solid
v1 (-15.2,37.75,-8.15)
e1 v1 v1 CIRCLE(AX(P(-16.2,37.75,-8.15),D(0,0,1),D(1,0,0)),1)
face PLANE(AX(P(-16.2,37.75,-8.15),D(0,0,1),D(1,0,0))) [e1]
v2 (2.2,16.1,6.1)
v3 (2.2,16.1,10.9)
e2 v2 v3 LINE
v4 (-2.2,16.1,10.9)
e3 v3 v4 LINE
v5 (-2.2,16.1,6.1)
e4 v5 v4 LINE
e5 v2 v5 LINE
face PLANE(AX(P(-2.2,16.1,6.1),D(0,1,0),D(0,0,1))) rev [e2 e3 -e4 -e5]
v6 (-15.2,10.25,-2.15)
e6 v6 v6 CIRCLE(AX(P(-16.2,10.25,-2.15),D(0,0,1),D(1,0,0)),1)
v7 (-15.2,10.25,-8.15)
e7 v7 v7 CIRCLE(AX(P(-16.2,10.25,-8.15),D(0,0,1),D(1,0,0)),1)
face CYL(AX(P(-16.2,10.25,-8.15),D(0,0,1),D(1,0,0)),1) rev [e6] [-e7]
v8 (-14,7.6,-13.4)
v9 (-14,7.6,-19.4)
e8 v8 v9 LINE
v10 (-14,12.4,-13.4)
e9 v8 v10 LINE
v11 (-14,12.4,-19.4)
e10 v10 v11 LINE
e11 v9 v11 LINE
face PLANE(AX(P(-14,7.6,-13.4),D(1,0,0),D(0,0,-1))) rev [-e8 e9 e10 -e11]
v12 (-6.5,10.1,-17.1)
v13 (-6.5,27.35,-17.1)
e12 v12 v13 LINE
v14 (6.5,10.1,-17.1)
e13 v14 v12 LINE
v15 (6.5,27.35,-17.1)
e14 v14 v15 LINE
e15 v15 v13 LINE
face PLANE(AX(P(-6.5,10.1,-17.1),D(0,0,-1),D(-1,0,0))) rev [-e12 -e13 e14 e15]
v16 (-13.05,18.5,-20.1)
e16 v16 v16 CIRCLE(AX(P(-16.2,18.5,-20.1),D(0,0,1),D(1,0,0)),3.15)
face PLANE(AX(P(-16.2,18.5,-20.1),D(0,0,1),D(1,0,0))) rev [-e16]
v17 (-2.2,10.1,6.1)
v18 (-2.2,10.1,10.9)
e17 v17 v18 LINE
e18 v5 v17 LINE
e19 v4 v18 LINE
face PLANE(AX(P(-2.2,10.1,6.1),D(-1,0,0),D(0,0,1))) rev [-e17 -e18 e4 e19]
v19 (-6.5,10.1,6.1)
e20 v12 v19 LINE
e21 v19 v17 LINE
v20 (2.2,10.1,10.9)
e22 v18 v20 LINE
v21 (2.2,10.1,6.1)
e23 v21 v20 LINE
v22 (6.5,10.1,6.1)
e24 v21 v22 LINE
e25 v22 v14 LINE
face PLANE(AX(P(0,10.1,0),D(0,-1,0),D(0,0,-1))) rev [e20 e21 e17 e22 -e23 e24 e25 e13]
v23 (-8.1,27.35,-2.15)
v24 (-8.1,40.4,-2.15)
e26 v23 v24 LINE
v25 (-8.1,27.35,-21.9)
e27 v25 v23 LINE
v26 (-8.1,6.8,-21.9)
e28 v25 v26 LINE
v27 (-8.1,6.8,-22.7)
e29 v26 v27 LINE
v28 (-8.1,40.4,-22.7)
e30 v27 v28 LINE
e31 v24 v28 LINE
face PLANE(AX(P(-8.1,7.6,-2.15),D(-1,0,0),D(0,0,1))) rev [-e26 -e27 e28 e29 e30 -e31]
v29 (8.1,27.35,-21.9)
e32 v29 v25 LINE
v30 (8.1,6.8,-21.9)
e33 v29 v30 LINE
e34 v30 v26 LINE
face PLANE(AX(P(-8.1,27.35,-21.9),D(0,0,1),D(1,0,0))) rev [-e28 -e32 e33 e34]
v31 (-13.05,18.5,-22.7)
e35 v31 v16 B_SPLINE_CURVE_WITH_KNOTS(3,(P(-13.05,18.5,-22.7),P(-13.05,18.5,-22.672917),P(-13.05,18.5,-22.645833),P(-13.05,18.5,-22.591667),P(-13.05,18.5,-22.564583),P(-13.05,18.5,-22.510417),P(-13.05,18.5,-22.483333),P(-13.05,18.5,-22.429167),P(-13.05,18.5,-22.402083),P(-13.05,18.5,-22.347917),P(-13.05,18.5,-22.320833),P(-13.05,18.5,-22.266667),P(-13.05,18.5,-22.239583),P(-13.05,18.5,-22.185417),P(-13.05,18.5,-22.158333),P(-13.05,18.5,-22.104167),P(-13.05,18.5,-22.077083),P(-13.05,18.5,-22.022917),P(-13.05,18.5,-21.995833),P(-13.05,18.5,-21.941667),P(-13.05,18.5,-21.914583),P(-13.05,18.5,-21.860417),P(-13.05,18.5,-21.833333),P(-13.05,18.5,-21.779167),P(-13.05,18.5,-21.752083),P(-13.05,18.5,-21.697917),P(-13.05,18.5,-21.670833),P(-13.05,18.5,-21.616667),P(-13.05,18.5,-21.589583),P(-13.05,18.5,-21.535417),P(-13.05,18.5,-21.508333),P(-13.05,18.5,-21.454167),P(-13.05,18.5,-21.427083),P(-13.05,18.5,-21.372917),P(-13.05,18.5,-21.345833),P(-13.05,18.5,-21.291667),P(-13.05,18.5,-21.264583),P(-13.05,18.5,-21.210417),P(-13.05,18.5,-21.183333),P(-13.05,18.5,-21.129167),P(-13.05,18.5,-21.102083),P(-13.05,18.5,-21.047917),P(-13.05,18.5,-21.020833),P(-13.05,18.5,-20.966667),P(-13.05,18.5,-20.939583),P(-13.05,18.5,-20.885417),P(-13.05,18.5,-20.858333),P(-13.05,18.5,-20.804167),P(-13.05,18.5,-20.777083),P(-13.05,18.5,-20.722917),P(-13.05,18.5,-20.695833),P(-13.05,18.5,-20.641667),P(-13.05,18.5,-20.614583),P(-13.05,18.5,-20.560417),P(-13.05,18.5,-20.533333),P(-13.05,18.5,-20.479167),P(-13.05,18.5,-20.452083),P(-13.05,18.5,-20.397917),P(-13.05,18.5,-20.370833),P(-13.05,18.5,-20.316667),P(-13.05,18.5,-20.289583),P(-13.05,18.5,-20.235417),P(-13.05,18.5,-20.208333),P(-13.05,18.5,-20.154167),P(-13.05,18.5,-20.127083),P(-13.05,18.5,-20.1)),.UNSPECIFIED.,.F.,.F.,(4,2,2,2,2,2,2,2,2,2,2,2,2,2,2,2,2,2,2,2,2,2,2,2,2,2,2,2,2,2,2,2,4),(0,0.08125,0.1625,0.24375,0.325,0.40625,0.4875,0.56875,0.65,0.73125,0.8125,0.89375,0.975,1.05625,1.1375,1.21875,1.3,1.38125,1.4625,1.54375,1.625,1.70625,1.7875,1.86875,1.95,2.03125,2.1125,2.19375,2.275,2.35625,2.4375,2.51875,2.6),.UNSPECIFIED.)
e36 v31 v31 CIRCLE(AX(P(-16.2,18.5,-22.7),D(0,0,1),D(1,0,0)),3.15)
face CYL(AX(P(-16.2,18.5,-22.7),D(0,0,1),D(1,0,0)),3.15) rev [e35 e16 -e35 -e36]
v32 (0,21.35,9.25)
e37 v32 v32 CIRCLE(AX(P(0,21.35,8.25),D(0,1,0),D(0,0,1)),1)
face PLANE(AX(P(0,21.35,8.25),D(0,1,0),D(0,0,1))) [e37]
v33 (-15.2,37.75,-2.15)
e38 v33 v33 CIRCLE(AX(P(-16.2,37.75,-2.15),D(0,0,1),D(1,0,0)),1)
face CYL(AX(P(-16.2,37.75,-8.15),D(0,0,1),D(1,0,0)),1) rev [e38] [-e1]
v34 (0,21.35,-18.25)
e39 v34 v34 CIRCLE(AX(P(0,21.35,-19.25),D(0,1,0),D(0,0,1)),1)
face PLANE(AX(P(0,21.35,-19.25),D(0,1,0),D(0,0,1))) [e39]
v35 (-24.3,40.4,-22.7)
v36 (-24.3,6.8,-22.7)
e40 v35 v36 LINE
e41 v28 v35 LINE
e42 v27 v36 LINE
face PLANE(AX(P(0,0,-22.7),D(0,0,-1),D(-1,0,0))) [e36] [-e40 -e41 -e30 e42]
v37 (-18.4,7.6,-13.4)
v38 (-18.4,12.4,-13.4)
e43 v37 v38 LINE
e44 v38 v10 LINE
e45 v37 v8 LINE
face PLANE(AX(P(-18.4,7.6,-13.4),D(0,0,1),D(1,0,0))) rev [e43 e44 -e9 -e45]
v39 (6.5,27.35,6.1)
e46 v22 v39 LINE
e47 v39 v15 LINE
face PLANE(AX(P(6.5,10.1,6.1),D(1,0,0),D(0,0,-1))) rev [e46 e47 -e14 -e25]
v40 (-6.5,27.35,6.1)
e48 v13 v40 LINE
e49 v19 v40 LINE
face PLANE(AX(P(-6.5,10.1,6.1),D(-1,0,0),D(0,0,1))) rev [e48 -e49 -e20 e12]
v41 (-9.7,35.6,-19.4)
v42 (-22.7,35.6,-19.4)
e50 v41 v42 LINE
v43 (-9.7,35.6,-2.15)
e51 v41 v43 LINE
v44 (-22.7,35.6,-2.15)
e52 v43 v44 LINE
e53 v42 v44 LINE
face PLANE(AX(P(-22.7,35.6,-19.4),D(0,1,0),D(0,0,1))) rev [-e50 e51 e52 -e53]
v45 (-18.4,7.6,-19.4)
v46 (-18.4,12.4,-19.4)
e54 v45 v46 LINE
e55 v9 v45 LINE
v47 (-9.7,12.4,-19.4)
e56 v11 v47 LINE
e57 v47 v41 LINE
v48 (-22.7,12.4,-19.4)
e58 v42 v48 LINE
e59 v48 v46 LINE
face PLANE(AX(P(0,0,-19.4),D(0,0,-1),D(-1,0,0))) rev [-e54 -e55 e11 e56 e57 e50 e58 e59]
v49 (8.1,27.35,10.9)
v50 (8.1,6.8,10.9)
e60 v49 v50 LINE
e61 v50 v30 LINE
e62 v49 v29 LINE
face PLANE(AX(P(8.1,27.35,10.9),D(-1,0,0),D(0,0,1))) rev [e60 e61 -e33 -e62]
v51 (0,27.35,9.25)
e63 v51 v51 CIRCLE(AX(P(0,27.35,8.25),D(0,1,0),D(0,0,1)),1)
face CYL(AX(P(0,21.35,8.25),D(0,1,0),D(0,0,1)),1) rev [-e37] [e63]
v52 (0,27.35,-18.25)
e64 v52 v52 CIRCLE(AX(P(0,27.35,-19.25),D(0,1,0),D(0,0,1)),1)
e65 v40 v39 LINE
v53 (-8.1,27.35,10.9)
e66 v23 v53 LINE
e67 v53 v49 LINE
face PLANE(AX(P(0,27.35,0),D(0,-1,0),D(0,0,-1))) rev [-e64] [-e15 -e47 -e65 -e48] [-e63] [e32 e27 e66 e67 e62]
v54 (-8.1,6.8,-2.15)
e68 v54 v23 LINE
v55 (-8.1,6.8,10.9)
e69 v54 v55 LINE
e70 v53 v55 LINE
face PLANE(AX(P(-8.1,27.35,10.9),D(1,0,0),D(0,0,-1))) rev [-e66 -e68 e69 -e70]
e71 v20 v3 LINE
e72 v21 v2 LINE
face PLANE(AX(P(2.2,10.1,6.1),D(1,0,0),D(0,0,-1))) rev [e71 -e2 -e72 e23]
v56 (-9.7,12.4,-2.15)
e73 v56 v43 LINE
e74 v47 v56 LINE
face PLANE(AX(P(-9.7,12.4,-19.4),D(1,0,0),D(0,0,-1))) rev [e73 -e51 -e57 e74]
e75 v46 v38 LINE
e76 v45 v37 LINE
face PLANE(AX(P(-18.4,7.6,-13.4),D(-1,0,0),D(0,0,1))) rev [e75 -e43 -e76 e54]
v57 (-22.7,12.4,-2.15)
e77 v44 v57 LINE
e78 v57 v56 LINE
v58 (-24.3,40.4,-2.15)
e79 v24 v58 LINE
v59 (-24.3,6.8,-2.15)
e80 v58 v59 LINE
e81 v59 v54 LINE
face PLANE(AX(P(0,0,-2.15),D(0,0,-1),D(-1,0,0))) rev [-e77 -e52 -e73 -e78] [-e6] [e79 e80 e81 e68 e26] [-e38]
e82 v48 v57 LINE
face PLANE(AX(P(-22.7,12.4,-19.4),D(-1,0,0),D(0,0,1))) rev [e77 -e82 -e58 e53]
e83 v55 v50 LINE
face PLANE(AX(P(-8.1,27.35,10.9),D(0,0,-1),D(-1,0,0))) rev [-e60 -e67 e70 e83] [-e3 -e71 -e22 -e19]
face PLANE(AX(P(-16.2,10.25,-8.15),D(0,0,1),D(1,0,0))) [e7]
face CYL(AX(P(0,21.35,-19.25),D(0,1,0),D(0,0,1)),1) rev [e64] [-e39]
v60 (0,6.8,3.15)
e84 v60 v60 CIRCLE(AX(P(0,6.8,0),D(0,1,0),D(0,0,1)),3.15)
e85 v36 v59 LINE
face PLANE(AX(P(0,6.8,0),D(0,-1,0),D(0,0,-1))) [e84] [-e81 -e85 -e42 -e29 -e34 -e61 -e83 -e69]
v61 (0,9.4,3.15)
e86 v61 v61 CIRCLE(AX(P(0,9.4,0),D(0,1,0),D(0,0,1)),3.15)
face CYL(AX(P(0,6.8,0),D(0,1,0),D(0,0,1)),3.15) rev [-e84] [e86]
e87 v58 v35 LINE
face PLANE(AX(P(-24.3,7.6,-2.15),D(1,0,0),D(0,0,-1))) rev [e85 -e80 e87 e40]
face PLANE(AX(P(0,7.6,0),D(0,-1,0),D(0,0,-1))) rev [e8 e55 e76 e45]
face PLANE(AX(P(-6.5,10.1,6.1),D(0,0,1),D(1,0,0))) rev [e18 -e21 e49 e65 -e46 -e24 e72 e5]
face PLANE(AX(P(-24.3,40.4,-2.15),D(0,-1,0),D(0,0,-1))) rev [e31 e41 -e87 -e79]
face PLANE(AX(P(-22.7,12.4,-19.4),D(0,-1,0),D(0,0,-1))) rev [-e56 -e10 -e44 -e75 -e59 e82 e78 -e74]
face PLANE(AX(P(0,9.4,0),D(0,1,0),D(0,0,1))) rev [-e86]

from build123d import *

# Parameters (mm, degrees)
BOSS_EXTRUDE1_START = 17.075
SKETCH1_W           = 16.2
SKETCH1_H           = 32.8
BOSS_EXTRUDE1_DEPTH = 10.275
BOSS_EXTRUDE2_START = -12.425
SKETCH2_W           = 16.2
SKETCH2_H           = 32.8
BOSS_EXTRUDE2_DEPTH = 10.275
BOSS_EXTRUDE3_START = 7.3
SKETCH3_W           = 16.2
SKETCH3_H           = 20.55
BOSS_EXTRUDE3_DEPTH = 0.5
CUT_EXTRUDE1_START  = 18.725
SKETCH4_W           = 13
SKETCH4_H           = 23.2
CUT_EXTRUDE1_DEPTH  = 8.625
CUT_EXTRUDE2_START  = 24.35
SKETCH5_R           = 1
CUT_EXTRUDE2_DEPTH  = 3
CUT_EXTRUDE3_START  = 24.35
SKETCH6_R           = 1
CUT_EXTRUDE3_DEPTH  = 3
CUT_EXTRUDE4_START  = 8.1
SKETCH7_R           = 3.15
CUT_EXTRUDE4_DEPTH  = 1.3
CUT_EXTRUDE5_START  = 8.5
SKETCH8_W           = 4.4
SKETCH8_H           = 6
CUT_EXTRUDE5_DEPTH  = 2.4
CUT_EXTRUDE6_START  = -10.775
SKETCH9_W           = 13
SKETCH9_H           = 23.2
CUT_EXTRUDE6_DEPTH  = 8.625
CUT_EXTRUDE7_START  = -5.15
SKETCH10_R          = 1
CUT_EXTRUDE7_DEPTH  = 3
CUT_EXTRUDE8_START  = -5.15
SKETCH11_R          = 1
CUT_EXTRUDE8_DEPTH  = 3
CUT_EXTRUDE9_START  = -21.4
SKETCH12_R          = 3.15
CUT_EXTRUDE9_DEPTH  = 1.3
CUT_EXTRUDE10_START = 10
SKETCH13_W          = 4.4
SKETCH13_H          = 6
CUT_EXTRUDE10_DEPTH = 2.4


with BuildPart() as part:
    # Sketch1 → Boss-Extrude1 (new, symmetric)
    with BuildSketch(Plane(origin=(0, 0, 0), x_dir=(1, 0, 0), z_dir=(0, 1, 0)).offset(BOSS_EXTRUDE1_START)):
        with Locations((0, 5.5)):
            Rectangle(SKETCH1_W, SKETCH1_H)
    extrude(amount=BOSS_EXTRUDE1_DEPTH, both=True)

    # Sketch2 → Boss-Extrude2 (add, symmetric)
    with BuildSketch(Plane.XY.offset(BOSS_EXTRUDE2_START)):
        with Locations((-16.2, 24)):
            Rectangle(SKETCH2_W, SKETCH2_H)
    extrude(amount=BOSS_EXTRUDE2_DEPTH, both=True)

    # Sketch3 → Boss-Extrude3 (add, symmetric)
    with BuildSketch(Plane(origin=(0, 0, 0), x_dir=(1, 0, 0), z_dir=(0, 1, 0)).offset(BOSS_EXTRUDE3_START)):
        with Locations((-16.2, 12.425)):
            Rectangle(SKETCH3_W, SKETCH3_H)
    extrude(amount=BOSS_EXTRUDE3_DEPTH, both=True)

    # Sketch4 → Cut-Extrude1 (cut, symmetric)
    with BuildSketch(Plane(origin=(0, 0, 0), x_dir=(1, 0, 0), z_dir=(0, 1, 0)).offset(CUT_EXTRUDE1_START)):
        with Locations((0, 5.5)):
            Rectangle(SKETCH4_W, SKETCH4_H)
    extrude(amount=CUT_EXTRUDE1_DEPTH, both=True, mode=Mode.SUBTRACT)

    # Sketch5 → Cut-Extrude2 (cut, symmetric)
    with BuildSketch(Plane(origin=(0, 0, 0), x_dir=(1, 0, 0), z_dir=(0, 1, 0)).offset(CUT_EXTRUDE2_START)):
        with Locations(Location((0, 19.25, 0), (0, 0, 270))):
            Circle(SKETCH5_R)
    extrude(amount=CUT_EXTRUDE2_DEPTH, both=True, mode=Mode.SUBTRACT)

    # Sketch6 → Cut-Extrude3 (cut, symmetric)
    with BuildSketch(Plane(origin=(0, 0, 0), x_dir=(1, 0, 0), z_dir=(0, 1, 0)).offset(CUT_EXTRUDE3_START)):
        with Locations(Location((0, -8.25, 0), (0, 0, 270))):
            Circle(SKETCH6_R)
    extrude(amount=CUT_EXTRUDE3_DEPTH, both=True, mode=Mode.SUBTRACT)

    # Sketch7 → Cut-Extrude4 (cut, symmetric)
    with BuildSketch(Plane(origin=(0, 0, 0), x_dir=(1, 0, 0), z_dir=(0, 1, 0)).offset(CUT_EXTRUDE4_START)):
        with Locations(Location((0, 0, 0), (0, 0, 270))):
            Circle(SKETCH7_R)
    extrude(amount=CUT_EXTRUDE4_DEPTH, both=True, mode=Mode.SUBTRACT)

    # Sketch8 → Cut-Extrude5 (cut, symmetric)
    with BuildSketch(Plane.XY.offset(CUT_EXTRUDE5_START)):
        with Locations((0, 13.1)):
            Rectangle(SKETCH8_W, SKETCH8_H)
    extrude(amount=CUT_EXTRUDE5_DEPTH, both=True, mode=Mode.SUBTRACT)

    # Sketch9 → Cut-Extrude6 (cut, symmetric)
    with BuildSketch(Plane.XY.offset(CUT_EXTRUDE6_START)):
        with Locations((-16.2, 24)):
            Rectangle(SKETCH9_W, SKETCH9_H)
    extrude(amount=CUT_EXTRUDE6_DEPTH, both=True, mode=Mode.SUBTRACT)

    # Sketch10 → Cut-Extrude7 (cut, symmetric)
    with BuildSketch(Plane.XY.offset(CUT_EXTRUDE7_START)):
        with Locations((-16.2, 37.75)):
            Circle(SKETCH10_R)
    extrude(amount=CUT_EXTRUDE7_DEPTH, both=True, mode=Mode.SUBTRACT)

    # Sketch11 → Cut-Extrude8 (cut, symmetric)
    with BuildSketch(Plane.XY.offset(CUT_EXTRUDE8_START)):
        with Locations((-16.2, 10.25)):
            Circle(SKETCH11_R)
    extrude(amount=CUT_EXTRUDE8_DEPTH, both=True, mode=Mode.SUBTRACT)

    # Sketch12 → Cut-Extrude9 (cut, symmetric)
    with BuildSketch(Plane.XY.offset(CUT_EXTRUDE9_START)):
        with Locations((-16.2, 18.5)):
            Circle(SKETCH12_R)
    extrude(amount=CUT_EXTRUDE9_DEPTH, both=True, mode=Mode.SUBTRACT)

    # Sketch13 → Cut-Extrude10 (cut, symmetric)
    with BuildSketch(Plane(origin=(0, 0, 0), x_dir=(1, 0, 0), z_dir=(0, 1, 0)).offset(CUT_EXTRUDE10_START)):
        with Locations((-16.2, 16.4)):
            Rectangle(SKETCH13_W, SKETCH13_H)
    extrude(amount=CUT_EXTRUDE10_DEPTH, both=True, mode=Mode.SUBTRACT)


solid = part.part
